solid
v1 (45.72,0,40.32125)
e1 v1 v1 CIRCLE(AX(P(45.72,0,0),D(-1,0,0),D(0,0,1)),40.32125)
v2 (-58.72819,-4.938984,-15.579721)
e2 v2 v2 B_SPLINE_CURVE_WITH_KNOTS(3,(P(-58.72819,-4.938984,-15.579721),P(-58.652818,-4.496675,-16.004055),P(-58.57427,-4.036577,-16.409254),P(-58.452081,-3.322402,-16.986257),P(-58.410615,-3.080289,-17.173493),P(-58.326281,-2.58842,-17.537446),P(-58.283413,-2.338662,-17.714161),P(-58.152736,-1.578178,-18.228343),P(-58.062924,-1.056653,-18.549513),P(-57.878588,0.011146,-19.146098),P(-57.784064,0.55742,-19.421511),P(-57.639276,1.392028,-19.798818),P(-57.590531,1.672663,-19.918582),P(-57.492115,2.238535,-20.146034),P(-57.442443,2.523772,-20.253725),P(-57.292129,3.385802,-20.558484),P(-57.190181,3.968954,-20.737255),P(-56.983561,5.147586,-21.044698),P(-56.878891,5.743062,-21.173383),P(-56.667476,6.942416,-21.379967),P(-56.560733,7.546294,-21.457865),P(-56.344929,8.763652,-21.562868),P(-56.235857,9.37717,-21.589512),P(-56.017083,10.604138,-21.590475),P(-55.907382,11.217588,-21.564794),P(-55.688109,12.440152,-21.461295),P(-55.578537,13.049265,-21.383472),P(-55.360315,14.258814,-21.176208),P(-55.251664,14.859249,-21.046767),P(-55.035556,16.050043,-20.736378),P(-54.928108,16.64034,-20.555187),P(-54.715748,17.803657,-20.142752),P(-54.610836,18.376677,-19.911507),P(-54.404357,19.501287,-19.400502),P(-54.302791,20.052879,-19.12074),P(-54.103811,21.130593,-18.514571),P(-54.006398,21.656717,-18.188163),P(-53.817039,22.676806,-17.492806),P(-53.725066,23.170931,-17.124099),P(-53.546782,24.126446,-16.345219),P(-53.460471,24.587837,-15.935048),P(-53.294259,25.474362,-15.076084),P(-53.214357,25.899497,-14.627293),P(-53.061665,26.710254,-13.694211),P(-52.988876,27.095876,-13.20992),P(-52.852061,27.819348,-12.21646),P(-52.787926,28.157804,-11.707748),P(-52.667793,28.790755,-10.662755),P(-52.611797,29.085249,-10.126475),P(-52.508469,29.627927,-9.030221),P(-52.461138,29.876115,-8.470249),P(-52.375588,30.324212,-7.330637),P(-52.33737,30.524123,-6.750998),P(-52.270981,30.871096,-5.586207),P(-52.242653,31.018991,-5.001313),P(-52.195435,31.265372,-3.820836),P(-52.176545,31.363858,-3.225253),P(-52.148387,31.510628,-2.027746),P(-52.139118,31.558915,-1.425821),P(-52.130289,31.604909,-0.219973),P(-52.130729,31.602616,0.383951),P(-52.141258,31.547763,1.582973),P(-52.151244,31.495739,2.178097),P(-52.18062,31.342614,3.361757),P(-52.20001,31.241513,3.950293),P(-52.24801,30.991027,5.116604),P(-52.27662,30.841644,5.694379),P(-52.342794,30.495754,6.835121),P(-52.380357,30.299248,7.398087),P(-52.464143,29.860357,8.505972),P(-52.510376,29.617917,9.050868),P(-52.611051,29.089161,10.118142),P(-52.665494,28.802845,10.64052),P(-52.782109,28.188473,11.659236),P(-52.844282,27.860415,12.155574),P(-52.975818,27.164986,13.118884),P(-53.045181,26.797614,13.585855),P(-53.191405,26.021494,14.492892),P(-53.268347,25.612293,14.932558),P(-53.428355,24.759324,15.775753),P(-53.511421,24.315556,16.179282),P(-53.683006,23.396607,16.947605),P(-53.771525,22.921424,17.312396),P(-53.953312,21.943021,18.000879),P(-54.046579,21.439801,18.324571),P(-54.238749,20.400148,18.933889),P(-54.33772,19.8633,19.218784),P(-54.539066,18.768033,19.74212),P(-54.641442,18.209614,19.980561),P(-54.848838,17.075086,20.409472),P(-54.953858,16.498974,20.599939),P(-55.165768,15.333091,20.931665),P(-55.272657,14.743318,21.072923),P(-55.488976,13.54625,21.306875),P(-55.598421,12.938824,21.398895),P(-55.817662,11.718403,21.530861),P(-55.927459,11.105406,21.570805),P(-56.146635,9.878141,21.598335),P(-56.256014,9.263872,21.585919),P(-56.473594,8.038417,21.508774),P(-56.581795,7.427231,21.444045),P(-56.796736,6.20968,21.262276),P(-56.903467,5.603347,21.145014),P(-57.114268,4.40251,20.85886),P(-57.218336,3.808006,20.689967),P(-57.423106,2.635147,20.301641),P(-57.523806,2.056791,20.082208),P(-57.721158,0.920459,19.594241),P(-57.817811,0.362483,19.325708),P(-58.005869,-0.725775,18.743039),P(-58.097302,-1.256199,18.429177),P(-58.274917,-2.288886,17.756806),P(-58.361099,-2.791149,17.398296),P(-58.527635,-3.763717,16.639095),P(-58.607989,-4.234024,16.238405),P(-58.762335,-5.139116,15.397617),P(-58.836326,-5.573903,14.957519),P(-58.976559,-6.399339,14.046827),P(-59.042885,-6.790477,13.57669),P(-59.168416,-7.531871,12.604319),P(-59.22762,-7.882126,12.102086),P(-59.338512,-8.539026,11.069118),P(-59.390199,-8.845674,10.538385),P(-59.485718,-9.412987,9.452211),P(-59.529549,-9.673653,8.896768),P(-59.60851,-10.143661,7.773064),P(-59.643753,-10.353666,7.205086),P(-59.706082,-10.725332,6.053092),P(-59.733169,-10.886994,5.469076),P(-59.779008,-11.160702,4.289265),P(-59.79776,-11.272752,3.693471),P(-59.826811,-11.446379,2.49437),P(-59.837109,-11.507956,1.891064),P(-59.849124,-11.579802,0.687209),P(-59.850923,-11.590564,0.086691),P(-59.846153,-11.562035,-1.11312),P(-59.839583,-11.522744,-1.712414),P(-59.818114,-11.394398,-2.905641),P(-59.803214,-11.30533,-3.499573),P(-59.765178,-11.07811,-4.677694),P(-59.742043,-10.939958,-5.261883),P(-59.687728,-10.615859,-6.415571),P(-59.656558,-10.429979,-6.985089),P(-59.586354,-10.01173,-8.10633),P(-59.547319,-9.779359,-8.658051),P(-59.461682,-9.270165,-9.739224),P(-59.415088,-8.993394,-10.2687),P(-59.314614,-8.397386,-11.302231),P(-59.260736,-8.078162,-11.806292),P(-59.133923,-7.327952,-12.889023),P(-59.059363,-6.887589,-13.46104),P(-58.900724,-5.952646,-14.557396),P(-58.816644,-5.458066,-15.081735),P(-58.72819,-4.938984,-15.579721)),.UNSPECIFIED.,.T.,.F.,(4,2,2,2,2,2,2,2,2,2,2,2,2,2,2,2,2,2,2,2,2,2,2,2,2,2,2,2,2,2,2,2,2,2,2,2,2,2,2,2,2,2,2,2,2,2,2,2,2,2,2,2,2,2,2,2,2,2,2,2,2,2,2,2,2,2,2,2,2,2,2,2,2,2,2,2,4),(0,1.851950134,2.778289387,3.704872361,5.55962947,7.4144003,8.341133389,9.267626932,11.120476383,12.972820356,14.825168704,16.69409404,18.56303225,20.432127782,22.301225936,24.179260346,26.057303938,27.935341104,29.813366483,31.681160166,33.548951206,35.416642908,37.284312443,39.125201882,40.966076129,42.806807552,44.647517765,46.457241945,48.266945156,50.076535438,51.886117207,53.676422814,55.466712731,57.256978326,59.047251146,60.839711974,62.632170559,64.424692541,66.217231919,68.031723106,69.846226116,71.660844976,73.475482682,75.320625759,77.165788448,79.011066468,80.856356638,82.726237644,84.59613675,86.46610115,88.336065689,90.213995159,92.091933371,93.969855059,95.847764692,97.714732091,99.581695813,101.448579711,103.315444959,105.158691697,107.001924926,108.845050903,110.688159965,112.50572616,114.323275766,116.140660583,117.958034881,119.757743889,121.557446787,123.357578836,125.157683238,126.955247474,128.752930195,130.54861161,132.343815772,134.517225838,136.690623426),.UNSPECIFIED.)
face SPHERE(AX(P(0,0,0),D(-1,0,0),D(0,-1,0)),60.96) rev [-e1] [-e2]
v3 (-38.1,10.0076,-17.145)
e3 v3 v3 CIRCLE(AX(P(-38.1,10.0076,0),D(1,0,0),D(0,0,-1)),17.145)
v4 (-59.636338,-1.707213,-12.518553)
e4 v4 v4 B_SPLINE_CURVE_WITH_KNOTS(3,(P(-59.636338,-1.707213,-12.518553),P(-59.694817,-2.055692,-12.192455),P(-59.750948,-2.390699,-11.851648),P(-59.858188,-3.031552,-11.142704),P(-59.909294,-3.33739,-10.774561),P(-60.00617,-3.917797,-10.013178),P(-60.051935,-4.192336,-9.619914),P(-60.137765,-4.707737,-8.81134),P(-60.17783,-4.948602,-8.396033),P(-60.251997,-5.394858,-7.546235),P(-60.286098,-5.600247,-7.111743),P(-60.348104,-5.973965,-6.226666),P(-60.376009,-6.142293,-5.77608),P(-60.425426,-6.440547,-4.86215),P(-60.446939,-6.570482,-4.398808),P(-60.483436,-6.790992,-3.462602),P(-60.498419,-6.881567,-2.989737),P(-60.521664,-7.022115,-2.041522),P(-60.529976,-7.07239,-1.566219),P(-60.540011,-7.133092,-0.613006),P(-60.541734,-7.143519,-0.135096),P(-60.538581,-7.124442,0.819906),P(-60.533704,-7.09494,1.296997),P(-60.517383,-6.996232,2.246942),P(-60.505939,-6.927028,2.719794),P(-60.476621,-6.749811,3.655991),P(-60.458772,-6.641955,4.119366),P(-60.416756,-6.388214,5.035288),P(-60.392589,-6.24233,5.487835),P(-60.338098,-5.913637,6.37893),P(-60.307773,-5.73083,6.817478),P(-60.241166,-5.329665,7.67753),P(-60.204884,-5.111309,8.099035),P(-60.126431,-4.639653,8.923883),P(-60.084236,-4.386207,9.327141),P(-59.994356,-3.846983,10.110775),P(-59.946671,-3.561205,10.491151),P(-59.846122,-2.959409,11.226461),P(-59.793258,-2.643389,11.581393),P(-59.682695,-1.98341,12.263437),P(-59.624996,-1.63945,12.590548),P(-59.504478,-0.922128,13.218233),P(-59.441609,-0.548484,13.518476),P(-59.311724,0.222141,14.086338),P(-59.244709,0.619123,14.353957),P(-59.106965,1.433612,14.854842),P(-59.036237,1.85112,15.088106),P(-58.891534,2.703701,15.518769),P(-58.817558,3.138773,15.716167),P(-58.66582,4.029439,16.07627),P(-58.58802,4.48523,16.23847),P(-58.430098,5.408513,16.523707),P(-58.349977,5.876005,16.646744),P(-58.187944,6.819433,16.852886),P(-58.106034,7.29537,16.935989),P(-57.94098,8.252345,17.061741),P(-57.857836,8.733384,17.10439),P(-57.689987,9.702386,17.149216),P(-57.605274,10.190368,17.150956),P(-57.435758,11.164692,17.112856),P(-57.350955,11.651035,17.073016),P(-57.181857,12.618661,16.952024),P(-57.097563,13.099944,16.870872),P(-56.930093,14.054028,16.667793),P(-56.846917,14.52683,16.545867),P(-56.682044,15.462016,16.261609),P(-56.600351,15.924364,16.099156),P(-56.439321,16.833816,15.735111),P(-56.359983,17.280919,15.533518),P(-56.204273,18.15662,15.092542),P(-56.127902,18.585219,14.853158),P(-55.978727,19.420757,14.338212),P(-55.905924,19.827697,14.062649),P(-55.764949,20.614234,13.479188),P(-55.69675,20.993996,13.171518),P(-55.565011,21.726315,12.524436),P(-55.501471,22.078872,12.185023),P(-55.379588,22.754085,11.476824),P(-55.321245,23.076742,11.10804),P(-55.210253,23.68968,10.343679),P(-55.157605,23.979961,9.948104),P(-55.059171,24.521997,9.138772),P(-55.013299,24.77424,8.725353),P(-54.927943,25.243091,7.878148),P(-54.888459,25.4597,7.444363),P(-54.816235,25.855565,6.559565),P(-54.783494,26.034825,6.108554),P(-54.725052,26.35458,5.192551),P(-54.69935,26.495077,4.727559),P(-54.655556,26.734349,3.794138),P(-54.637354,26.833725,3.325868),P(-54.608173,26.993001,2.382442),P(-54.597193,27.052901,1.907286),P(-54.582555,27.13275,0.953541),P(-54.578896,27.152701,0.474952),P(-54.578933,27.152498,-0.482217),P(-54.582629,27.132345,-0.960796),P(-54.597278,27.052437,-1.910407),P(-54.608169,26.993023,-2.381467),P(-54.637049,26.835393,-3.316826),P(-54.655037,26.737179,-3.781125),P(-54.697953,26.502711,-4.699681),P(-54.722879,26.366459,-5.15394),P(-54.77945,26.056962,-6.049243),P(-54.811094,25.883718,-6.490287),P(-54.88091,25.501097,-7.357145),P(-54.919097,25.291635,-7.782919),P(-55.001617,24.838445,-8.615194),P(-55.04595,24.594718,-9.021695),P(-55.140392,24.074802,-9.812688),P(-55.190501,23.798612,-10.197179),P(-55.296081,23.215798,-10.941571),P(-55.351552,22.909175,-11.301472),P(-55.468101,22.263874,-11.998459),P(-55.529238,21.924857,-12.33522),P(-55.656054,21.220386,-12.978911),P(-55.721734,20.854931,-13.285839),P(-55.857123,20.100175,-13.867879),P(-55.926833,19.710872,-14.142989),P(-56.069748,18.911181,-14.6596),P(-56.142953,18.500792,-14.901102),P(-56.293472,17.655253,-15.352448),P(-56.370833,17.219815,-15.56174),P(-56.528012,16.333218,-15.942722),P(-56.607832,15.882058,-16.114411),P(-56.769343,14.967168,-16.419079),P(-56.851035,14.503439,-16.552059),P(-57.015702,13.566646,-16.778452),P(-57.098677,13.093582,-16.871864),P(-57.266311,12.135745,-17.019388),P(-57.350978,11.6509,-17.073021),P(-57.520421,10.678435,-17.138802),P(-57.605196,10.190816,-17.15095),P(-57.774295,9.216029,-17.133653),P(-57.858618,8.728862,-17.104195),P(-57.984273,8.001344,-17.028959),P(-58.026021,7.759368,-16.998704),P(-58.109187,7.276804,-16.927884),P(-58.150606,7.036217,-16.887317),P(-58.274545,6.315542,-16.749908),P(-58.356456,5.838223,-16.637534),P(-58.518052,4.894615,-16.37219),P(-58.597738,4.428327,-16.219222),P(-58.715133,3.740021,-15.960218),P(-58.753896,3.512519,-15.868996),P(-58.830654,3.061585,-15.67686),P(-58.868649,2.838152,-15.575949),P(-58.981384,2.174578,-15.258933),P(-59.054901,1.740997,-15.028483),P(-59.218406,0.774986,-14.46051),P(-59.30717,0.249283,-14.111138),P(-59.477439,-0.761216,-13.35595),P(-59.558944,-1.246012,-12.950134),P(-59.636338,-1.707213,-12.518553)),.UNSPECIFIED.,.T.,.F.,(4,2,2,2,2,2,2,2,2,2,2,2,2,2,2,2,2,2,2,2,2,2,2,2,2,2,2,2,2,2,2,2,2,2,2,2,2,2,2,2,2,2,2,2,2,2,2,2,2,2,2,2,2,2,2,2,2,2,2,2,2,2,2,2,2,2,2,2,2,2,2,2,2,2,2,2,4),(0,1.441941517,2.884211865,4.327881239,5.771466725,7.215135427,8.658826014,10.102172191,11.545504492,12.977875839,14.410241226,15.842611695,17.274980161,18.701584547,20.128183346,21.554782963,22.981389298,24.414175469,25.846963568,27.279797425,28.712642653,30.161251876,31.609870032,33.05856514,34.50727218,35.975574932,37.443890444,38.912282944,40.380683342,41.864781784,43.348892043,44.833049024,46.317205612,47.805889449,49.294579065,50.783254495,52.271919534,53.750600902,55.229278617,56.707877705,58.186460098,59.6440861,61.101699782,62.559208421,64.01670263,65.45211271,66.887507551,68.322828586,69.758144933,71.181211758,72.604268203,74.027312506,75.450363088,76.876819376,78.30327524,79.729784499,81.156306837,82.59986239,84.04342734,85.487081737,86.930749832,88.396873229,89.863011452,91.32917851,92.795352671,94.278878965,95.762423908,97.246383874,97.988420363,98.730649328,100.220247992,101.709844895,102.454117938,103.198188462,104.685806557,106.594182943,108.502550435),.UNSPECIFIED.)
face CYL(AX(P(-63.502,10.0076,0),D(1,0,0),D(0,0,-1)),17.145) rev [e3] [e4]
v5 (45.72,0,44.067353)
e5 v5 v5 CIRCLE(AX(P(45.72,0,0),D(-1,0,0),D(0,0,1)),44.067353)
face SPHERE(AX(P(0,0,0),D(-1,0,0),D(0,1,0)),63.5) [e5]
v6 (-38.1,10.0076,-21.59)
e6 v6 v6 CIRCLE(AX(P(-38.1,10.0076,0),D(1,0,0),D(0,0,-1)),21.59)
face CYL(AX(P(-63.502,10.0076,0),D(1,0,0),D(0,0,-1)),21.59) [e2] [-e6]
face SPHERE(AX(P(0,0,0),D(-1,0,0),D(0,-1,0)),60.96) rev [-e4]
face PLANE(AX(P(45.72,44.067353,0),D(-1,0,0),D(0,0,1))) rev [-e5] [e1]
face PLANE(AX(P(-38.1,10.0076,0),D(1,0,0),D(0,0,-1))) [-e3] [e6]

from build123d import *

# Parameters (mm, degrees)
BOSS_EXTRUDE1_REACH      = 150.085
BOSS_EXTRUDE1_END_RADIUS = 60.96
BOSS_EXTRUDE1_START      = -38.1
SKETCH2_R                = 21.59
SKETCH2_R_2              = 17.145


with BuildPart() as part:
    # Sketch1 → Revolve1 (revolve)
    with BuildSketch(Plane.XY):
        with BuildLine():
            Line((-63.5, 0), (-60.96, 0))
            ThreePointArc((-60.96, 0), (-21.552614691, 57.022858574), (45.72, 40.321249981))
            Line((45.72, 40.321249981), (45.72, 44.067352995))
            ThreePointArc((45.72, 44.067352995), (-23.759524406, 58.887477446), (-63.5, 0))
        make_face()
    revolve(axis=Axis((-63.5, 0, 0), (1, 0, 0)))

    # Boss-Extrude1: up to this sphere (the profile starts inside it)
    boss_extrude1_end = Location((0, 0, 0)) * Sphere(BOSS_EXTRUDE1_END_RADIUS, mode=Mode.PRIVATE)
    # Sketch2 → Boss-Extrude1 (add, up to the surface)
    with BuildSketch(Plane(origin=(0, 0, 0), x_dir=(0, 0, -1), z_dir=(1, 0, 0)).offset(BOSS_EXTRUDE1_START), mode=Mode.PRIVATE) as boss_extrude1_sk1:
        with Locations((0, 10.0076)):
            Circle(SKETCH2_R)
        with Locations((0, 10.0076)):
            Circle(SKETCH2_R_2, mode=Mode.SUBTRACT)
    boss_extrude1_tool1 = extrude(boss_extrude1_sk1.sketch, amount=-BOSS_EXTRUDE1_REACH, mode=Mode.PRIVATE) & boss_extrude1_end
    add(boss_extrude1_tool1.solids().sort_by_distance((-38.1, 10.0076, 20.979343))[0])


solid = part.part
